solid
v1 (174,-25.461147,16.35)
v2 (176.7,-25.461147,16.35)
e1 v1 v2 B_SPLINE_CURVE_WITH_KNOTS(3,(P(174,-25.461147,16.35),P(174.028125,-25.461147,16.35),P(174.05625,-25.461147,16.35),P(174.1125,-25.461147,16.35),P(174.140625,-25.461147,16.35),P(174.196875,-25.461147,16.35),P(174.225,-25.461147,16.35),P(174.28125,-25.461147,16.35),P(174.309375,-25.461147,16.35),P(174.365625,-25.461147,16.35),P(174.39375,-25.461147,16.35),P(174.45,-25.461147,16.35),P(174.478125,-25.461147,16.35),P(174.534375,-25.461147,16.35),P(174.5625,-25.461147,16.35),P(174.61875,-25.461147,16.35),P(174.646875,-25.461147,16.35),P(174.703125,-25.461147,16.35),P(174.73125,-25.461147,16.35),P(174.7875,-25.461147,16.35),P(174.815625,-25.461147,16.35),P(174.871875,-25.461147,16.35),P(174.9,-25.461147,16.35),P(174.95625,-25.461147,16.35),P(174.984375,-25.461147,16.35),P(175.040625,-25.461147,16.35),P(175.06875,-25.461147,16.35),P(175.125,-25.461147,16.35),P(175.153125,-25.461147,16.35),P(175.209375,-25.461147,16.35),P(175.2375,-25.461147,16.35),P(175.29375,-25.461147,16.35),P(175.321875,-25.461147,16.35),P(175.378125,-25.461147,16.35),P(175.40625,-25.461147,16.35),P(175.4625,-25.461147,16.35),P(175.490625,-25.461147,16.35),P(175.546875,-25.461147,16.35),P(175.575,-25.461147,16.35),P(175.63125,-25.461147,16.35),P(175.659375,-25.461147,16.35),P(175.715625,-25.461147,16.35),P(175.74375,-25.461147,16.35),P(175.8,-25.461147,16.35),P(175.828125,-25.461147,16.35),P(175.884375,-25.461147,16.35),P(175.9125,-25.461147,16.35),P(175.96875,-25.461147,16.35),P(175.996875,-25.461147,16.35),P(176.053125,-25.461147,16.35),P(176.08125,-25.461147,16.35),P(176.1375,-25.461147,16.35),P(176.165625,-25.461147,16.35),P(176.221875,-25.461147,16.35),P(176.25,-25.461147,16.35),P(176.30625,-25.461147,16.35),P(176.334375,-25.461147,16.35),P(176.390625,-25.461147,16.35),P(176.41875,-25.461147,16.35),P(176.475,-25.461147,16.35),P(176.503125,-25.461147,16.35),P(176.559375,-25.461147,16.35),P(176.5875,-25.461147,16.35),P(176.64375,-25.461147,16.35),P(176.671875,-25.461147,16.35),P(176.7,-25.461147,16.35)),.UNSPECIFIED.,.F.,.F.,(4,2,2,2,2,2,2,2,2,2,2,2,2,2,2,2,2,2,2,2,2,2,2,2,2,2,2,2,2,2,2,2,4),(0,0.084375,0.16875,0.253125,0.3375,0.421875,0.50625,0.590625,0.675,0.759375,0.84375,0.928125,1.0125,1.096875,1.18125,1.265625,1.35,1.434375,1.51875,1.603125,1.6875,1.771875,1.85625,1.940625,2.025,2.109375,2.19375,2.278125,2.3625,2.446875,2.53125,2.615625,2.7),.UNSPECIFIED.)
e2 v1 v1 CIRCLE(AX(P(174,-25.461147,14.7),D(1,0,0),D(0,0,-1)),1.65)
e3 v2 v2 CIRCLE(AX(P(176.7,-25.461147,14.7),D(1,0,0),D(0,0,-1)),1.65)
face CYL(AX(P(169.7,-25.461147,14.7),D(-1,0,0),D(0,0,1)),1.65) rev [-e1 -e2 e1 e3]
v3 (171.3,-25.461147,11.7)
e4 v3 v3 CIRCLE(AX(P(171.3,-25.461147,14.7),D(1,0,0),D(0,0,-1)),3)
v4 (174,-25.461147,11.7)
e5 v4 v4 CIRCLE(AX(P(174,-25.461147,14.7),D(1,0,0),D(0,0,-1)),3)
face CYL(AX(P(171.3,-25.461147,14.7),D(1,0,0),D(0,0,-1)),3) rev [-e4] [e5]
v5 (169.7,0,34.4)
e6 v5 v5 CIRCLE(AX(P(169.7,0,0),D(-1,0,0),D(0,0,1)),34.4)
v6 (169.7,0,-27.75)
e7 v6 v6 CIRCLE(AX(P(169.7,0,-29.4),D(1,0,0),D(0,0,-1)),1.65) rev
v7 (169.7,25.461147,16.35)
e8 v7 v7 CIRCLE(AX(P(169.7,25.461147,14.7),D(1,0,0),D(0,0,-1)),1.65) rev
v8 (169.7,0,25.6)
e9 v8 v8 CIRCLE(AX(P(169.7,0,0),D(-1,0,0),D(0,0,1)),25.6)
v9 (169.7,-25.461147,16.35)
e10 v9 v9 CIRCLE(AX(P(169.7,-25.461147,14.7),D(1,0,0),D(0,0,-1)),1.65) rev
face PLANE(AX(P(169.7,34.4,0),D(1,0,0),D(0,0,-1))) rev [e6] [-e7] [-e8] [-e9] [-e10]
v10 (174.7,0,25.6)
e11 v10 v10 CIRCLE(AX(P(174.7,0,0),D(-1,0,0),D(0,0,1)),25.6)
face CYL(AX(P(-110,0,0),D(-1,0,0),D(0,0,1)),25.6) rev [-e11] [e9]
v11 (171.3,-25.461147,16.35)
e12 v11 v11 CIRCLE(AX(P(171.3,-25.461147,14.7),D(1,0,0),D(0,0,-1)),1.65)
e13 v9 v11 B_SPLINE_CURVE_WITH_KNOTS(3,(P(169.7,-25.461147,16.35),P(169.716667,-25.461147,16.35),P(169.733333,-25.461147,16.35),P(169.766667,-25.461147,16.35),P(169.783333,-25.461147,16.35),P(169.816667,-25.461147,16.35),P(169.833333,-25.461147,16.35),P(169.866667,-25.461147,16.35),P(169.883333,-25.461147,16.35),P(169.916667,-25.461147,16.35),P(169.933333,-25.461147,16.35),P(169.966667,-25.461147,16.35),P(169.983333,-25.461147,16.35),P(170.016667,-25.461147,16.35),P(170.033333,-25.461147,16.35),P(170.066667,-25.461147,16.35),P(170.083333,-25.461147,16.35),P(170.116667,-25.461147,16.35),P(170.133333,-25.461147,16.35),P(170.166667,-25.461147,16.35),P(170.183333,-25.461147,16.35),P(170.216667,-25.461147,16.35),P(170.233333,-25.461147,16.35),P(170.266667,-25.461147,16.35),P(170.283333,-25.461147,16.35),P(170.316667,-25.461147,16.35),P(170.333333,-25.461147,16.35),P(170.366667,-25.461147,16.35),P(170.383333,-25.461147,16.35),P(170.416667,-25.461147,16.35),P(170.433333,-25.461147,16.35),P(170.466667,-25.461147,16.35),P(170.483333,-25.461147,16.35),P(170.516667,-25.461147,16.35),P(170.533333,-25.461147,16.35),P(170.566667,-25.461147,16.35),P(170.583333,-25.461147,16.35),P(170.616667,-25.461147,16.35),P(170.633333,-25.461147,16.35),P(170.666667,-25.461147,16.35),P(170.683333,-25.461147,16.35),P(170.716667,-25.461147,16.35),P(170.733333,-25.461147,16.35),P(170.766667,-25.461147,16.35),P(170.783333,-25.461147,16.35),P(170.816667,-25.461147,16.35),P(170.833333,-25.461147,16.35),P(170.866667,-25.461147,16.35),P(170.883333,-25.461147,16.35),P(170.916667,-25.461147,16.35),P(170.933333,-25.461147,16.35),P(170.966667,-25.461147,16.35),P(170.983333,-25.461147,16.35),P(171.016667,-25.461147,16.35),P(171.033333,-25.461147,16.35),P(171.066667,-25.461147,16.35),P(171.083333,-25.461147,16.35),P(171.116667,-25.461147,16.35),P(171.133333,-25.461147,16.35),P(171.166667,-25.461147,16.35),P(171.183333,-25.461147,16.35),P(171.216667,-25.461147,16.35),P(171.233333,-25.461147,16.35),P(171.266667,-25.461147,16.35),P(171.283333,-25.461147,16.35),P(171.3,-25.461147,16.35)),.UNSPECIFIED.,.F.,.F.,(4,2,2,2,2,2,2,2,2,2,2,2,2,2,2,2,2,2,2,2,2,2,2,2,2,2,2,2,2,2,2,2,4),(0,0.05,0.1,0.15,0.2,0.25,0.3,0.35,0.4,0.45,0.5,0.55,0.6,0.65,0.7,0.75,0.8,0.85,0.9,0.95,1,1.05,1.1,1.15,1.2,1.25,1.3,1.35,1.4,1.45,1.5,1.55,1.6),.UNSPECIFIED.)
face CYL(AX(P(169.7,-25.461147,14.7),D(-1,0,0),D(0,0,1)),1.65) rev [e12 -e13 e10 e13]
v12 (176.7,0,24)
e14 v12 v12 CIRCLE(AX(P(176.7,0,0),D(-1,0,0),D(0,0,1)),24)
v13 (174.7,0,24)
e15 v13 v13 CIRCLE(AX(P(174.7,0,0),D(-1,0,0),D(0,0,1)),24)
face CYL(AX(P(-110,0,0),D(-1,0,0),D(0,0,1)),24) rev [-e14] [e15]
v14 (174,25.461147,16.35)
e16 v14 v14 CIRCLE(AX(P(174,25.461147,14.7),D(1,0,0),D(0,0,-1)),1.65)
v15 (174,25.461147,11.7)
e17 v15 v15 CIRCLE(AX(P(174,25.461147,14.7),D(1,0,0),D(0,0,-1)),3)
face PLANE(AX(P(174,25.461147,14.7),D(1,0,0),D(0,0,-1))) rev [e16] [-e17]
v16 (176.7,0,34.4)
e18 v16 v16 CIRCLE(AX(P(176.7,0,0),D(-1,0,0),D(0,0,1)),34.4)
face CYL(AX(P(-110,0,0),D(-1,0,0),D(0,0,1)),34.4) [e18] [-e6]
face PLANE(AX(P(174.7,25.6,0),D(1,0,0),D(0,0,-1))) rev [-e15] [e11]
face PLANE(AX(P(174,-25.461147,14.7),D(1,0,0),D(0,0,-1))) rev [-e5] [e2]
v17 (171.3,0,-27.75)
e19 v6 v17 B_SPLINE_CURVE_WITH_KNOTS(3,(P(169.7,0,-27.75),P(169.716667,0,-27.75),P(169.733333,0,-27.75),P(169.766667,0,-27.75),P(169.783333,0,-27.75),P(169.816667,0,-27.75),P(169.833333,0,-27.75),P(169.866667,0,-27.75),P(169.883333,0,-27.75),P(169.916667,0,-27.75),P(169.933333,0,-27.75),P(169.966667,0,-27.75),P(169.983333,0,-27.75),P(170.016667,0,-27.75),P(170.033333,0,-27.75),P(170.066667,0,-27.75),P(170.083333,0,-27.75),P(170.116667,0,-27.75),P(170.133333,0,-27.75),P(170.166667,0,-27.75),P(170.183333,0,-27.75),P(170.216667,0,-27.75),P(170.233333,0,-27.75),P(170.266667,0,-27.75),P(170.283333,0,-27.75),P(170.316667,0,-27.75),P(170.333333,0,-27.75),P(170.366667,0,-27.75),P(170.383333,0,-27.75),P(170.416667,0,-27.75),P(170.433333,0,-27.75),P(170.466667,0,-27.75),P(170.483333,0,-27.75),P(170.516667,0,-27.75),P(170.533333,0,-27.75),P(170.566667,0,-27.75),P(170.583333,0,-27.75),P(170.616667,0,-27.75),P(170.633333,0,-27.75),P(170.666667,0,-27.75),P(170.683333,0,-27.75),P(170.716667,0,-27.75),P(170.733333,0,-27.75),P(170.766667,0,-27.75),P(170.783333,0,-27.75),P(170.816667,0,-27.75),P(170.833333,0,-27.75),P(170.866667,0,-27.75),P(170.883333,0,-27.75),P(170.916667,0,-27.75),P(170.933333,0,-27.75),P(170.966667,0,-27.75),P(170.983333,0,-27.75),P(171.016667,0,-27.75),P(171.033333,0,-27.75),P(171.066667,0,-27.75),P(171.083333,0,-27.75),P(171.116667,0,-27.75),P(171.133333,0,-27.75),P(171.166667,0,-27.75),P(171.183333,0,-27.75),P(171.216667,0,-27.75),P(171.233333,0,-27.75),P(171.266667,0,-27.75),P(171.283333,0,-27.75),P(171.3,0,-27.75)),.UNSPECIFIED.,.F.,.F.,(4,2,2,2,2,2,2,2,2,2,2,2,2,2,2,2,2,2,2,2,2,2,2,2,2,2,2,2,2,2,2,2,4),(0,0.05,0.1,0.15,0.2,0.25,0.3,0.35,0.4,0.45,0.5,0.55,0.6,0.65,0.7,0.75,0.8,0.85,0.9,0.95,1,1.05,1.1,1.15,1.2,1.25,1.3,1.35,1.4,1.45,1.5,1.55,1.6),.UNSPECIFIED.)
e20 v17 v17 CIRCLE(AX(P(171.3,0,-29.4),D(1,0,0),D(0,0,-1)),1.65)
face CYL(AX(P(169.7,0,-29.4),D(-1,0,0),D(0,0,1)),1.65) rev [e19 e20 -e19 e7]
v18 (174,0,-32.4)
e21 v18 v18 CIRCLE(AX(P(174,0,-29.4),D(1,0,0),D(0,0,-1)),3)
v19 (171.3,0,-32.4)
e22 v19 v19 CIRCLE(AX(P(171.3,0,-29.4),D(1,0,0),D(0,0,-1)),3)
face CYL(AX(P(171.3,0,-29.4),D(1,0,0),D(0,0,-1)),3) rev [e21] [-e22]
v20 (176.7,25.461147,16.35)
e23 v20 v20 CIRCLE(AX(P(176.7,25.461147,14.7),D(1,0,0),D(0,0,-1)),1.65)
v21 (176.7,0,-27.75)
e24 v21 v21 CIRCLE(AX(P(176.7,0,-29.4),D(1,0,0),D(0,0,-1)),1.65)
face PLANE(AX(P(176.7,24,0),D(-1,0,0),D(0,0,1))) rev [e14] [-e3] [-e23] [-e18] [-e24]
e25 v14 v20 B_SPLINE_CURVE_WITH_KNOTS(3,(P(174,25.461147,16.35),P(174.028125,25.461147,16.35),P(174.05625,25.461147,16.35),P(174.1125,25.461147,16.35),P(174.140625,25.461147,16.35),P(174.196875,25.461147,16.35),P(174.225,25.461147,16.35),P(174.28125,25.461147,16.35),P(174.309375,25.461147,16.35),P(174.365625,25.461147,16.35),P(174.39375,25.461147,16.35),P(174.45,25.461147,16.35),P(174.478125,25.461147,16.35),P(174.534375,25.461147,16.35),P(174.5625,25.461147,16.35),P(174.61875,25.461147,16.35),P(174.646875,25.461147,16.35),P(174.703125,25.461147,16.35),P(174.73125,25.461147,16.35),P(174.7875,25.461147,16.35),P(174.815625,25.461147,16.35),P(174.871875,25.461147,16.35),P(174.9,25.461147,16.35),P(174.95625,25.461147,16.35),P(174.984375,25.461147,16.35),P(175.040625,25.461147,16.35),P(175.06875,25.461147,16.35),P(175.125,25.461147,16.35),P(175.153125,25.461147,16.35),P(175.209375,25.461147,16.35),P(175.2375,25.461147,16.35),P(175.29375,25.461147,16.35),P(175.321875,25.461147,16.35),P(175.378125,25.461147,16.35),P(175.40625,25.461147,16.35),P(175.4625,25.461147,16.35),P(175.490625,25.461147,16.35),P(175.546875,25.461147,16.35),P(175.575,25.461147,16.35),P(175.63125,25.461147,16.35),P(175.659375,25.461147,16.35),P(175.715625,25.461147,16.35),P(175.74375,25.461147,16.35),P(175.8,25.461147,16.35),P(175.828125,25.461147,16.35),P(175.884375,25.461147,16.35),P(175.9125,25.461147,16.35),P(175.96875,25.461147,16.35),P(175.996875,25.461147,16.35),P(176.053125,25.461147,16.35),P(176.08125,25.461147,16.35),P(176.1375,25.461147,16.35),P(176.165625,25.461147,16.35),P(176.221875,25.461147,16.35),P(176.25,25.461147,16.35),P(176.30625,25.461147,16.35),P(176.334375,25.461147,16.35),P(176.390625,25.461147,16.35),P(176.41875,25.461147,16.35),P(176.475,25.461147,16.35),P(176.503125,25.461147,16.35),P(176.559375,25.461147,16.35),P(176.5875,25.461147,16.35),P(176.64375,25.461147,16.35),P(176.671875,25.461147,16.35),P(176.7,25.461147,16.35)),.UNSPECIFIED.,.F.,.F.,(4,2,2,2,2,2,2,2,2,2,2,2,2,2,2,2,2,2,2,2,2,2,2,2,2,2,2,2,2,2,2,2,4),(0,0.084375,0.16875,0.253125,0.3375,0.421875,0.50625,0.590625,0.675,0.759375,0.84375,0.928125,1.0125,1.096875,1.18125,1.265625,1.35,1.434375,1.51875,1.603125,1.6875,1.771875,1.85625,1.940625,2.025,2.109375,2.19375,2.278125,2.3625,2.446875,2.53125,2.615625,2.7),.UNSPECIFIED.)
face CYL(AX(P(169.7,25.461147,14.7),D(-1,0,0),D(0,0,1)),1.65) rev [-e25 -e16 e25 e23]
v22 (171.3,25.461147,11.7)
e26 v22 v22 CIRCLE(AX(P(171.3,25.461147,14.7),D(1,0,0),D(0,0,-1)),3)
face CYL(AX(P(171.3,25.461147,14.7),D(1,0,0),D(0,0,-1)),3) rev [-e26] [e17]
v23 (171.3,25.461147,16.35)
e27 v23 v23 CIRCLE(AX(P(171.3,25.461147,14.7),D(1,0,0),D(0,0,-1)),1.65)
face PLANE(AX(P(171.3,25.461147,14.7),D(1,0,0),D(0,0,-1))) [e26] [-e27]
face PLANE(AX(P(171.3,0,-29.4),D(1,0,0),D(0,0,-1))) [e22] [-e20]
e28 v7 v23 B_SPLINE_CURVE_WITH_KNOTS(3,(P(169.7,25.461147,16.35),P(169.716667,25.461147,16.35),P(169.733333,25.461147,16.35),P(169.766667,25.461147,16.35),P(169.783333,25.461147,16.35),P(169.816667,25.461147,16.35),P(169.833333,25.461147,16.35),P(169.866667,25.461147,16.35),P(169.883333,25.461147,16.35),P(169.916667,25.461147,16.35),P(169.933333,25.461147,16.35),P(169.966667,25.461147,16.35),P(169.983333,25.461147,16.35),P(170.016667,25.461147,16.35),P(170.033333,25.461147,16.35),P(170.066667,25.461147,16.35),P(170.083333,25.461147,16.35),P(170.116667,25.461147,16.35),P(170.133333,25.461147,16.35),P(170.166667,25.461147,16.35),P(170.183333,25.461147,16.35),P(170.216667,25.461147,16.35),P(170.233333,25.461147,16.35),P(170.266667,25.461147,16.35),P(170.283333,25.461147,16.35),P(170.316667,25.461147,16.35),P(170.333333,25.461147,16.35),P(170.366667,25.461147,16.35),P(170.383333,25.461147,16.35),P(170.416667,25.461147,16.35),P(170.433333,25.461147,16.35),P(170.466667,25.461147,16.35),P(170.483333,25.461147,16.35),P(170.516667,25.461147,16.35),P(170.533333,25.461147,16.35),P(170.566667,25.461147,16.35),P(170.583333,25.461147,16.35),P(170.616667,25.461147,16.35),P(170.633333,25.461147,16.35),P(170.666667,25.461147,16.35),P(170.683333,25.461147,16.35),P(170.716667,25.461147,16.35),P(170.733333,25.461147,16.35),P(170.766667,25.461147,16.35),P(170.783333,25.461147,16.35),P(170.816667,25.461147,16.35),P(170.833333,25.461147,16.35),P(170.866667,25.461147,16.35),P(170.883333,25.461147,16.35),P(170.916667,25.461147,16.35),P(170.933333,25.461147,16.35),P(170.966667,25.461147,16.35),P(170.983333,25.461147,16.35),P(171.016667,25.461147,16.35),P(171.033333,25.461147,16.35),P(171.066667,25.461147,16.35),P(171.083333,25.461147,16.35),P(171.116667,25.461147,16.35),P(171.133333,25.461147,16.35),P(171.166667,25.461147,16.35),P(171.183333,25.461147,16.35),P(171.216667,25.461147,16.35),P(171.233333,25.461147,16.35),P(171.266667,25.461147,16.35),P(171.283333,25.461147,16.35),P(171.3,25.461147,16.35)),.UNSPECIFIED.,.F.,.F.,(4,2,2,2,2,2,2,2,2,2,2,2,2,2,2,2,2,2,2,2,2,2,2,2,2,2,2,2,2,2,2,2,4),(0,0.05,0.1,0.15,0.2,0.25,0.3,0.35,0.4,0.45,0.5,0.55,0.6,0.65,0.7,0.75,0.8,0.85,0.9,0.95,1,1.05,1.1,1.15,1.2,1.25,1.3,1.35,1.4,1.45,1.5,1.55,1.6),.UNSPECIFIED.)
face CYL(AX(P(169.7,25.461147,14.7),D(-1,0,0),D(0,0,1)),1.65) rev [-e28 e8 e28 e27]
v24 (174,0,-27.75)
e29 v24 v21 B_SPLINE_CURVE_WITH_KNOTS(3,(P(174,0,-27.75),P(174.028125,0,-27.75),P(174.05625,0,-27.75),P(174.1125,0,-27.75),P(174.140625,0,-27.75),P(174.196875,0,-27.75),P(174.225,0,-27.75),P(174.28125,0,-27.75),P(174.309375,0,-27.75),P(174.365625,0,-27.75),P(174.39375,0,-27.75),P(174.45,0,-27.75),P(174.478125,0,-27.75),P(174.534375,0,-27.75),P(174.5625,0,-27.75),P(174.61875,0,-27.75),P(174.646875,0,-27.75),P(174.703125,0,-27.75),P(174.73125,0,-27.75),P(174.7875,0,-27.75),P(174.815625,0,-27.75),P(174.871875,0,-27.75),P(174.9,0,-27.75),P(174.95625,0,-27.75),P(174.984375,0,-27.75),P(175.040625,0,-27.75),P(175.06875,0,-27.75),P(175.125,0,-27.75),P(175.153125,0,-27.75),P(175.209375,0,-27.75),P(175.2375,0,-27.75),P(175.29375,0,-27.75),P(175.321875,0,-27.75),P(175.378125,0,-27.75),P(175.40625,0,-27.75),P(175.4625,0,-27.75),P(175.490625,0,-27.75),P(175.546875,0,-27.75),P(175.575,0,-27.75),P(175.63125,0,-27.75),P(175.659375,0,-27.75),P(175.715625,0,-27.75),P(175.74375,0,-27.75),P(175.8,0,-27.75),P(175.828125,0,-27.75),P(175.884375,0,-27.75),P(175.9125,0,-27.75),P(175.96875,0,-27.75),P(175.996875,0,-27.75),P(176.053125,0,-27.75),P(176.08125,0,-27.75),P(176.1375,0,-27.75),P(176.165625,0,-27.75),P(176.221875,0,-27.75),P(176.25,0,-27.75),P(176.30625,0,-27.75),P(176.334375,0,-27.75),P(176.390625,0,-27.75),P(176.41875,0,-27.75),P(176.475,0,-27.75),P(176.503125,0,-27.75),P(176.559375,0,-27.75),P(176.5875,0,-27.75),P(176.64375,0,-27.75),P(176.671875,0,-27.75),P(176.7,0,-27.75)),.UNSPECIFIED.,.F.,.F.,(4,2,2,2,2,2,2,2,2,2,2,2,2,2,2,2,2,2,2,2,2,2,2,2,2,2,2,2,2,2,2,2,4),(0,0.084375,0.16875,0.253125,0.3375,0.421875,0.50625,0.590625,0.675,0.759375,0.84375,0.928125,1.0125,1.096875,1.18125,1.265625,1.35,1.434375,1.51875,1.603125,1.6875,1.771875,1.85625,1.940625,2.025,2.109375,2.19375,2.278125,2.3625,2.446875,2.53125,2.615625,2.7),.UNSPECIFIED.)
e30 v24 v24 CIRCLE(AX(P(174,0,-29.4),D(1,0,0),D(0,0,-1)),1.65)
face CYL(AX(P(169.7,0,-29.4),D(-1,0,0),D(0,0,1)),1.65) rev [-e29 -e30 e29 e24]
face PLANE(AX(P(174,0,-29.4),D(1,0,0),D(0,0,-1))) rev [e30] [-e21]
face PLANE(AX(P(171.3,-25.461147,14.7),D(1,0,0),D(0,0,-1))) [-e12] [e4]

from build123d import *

# Parameters (mm, degrees)
AXIAL_HOLES_DEPTH      = 184.274684558
AXIAL_HOLES_DEPTH_BACK = 184.274684558
SKETCH2_R              = 1.65
CUT_EXTRUDE2_START     = 174
SKETCH3_R              = 3
CUT_EXTRUDE2_DEPTH     = 2.7


with BuildPart() as part:
    # Axial profile (mm) → Full revolution (revolve)
    with BuildSketch(Plane.XY, mode=Mode.PRIVATE) as full_revolution_sk:
        Polygon((169.7, 25.6), (174.7, 25.6), (174.7, 24), (176.7, 24), (176.7, 34.4), (169.7, 34.4), align=None)
    revolve(full_revolution_sk.sketch.rotate(Axis((-110, 0, 0), (1, 0, 0)), 90), axis=Axis((-110, 0, 0), (1, 0, 0)))

    # Sketch2 → Axial holes (cut, two sides: drawn at the far end of the back side and taken through both)
    with BuildSketch(Plane(origin=(0, 0, 0), x_dir=(0, 0, -1), z_dir=(1, 0, 0)).offset(-AXIAL_HOLES_DEPTH_BACK)):
        with Locations(Location((29.4, 0, 0), (0, 0, 180))):
            Circle(SKETCH2_R)
        with Locations(Location((-14.7, 25.461146871, 0), (0, 0, 180))):
            Circle(SKETCH2_R)
        with Locations(Location((-14.7, -25.461146871, 0), (0, 0, 180))):
            Circle(SKETCH2_R)
    extrude(amount=AXIAL_HOLES_DEPTH + AXIAL_HOLES_DEPTH_BACK, mode=Mode.SUBTRACT)

    # Sketch3 → Cut-Extrude2 (cut)
    with BuildSketch(Plane(origin=(0, 0, 0), x_dir=(0, 0, -1), z_dir=(1, 0, 0)).offset(CUT_EXTRUDE2_START)):
        with Locations((29.4, 0)):
            Circle(SKETCH3_R)
        with Locations((-14.7, 25.461146871)):
            Circle(SKETCH3_R)
        with Locations((-14.7, -25.461146871)):
            Circle(SKETCH3_R)
    extrude(amount=-CUT_EXTRUDE2_DEPTH, mode=Mode.SUBTRACT)


solid = part.part
